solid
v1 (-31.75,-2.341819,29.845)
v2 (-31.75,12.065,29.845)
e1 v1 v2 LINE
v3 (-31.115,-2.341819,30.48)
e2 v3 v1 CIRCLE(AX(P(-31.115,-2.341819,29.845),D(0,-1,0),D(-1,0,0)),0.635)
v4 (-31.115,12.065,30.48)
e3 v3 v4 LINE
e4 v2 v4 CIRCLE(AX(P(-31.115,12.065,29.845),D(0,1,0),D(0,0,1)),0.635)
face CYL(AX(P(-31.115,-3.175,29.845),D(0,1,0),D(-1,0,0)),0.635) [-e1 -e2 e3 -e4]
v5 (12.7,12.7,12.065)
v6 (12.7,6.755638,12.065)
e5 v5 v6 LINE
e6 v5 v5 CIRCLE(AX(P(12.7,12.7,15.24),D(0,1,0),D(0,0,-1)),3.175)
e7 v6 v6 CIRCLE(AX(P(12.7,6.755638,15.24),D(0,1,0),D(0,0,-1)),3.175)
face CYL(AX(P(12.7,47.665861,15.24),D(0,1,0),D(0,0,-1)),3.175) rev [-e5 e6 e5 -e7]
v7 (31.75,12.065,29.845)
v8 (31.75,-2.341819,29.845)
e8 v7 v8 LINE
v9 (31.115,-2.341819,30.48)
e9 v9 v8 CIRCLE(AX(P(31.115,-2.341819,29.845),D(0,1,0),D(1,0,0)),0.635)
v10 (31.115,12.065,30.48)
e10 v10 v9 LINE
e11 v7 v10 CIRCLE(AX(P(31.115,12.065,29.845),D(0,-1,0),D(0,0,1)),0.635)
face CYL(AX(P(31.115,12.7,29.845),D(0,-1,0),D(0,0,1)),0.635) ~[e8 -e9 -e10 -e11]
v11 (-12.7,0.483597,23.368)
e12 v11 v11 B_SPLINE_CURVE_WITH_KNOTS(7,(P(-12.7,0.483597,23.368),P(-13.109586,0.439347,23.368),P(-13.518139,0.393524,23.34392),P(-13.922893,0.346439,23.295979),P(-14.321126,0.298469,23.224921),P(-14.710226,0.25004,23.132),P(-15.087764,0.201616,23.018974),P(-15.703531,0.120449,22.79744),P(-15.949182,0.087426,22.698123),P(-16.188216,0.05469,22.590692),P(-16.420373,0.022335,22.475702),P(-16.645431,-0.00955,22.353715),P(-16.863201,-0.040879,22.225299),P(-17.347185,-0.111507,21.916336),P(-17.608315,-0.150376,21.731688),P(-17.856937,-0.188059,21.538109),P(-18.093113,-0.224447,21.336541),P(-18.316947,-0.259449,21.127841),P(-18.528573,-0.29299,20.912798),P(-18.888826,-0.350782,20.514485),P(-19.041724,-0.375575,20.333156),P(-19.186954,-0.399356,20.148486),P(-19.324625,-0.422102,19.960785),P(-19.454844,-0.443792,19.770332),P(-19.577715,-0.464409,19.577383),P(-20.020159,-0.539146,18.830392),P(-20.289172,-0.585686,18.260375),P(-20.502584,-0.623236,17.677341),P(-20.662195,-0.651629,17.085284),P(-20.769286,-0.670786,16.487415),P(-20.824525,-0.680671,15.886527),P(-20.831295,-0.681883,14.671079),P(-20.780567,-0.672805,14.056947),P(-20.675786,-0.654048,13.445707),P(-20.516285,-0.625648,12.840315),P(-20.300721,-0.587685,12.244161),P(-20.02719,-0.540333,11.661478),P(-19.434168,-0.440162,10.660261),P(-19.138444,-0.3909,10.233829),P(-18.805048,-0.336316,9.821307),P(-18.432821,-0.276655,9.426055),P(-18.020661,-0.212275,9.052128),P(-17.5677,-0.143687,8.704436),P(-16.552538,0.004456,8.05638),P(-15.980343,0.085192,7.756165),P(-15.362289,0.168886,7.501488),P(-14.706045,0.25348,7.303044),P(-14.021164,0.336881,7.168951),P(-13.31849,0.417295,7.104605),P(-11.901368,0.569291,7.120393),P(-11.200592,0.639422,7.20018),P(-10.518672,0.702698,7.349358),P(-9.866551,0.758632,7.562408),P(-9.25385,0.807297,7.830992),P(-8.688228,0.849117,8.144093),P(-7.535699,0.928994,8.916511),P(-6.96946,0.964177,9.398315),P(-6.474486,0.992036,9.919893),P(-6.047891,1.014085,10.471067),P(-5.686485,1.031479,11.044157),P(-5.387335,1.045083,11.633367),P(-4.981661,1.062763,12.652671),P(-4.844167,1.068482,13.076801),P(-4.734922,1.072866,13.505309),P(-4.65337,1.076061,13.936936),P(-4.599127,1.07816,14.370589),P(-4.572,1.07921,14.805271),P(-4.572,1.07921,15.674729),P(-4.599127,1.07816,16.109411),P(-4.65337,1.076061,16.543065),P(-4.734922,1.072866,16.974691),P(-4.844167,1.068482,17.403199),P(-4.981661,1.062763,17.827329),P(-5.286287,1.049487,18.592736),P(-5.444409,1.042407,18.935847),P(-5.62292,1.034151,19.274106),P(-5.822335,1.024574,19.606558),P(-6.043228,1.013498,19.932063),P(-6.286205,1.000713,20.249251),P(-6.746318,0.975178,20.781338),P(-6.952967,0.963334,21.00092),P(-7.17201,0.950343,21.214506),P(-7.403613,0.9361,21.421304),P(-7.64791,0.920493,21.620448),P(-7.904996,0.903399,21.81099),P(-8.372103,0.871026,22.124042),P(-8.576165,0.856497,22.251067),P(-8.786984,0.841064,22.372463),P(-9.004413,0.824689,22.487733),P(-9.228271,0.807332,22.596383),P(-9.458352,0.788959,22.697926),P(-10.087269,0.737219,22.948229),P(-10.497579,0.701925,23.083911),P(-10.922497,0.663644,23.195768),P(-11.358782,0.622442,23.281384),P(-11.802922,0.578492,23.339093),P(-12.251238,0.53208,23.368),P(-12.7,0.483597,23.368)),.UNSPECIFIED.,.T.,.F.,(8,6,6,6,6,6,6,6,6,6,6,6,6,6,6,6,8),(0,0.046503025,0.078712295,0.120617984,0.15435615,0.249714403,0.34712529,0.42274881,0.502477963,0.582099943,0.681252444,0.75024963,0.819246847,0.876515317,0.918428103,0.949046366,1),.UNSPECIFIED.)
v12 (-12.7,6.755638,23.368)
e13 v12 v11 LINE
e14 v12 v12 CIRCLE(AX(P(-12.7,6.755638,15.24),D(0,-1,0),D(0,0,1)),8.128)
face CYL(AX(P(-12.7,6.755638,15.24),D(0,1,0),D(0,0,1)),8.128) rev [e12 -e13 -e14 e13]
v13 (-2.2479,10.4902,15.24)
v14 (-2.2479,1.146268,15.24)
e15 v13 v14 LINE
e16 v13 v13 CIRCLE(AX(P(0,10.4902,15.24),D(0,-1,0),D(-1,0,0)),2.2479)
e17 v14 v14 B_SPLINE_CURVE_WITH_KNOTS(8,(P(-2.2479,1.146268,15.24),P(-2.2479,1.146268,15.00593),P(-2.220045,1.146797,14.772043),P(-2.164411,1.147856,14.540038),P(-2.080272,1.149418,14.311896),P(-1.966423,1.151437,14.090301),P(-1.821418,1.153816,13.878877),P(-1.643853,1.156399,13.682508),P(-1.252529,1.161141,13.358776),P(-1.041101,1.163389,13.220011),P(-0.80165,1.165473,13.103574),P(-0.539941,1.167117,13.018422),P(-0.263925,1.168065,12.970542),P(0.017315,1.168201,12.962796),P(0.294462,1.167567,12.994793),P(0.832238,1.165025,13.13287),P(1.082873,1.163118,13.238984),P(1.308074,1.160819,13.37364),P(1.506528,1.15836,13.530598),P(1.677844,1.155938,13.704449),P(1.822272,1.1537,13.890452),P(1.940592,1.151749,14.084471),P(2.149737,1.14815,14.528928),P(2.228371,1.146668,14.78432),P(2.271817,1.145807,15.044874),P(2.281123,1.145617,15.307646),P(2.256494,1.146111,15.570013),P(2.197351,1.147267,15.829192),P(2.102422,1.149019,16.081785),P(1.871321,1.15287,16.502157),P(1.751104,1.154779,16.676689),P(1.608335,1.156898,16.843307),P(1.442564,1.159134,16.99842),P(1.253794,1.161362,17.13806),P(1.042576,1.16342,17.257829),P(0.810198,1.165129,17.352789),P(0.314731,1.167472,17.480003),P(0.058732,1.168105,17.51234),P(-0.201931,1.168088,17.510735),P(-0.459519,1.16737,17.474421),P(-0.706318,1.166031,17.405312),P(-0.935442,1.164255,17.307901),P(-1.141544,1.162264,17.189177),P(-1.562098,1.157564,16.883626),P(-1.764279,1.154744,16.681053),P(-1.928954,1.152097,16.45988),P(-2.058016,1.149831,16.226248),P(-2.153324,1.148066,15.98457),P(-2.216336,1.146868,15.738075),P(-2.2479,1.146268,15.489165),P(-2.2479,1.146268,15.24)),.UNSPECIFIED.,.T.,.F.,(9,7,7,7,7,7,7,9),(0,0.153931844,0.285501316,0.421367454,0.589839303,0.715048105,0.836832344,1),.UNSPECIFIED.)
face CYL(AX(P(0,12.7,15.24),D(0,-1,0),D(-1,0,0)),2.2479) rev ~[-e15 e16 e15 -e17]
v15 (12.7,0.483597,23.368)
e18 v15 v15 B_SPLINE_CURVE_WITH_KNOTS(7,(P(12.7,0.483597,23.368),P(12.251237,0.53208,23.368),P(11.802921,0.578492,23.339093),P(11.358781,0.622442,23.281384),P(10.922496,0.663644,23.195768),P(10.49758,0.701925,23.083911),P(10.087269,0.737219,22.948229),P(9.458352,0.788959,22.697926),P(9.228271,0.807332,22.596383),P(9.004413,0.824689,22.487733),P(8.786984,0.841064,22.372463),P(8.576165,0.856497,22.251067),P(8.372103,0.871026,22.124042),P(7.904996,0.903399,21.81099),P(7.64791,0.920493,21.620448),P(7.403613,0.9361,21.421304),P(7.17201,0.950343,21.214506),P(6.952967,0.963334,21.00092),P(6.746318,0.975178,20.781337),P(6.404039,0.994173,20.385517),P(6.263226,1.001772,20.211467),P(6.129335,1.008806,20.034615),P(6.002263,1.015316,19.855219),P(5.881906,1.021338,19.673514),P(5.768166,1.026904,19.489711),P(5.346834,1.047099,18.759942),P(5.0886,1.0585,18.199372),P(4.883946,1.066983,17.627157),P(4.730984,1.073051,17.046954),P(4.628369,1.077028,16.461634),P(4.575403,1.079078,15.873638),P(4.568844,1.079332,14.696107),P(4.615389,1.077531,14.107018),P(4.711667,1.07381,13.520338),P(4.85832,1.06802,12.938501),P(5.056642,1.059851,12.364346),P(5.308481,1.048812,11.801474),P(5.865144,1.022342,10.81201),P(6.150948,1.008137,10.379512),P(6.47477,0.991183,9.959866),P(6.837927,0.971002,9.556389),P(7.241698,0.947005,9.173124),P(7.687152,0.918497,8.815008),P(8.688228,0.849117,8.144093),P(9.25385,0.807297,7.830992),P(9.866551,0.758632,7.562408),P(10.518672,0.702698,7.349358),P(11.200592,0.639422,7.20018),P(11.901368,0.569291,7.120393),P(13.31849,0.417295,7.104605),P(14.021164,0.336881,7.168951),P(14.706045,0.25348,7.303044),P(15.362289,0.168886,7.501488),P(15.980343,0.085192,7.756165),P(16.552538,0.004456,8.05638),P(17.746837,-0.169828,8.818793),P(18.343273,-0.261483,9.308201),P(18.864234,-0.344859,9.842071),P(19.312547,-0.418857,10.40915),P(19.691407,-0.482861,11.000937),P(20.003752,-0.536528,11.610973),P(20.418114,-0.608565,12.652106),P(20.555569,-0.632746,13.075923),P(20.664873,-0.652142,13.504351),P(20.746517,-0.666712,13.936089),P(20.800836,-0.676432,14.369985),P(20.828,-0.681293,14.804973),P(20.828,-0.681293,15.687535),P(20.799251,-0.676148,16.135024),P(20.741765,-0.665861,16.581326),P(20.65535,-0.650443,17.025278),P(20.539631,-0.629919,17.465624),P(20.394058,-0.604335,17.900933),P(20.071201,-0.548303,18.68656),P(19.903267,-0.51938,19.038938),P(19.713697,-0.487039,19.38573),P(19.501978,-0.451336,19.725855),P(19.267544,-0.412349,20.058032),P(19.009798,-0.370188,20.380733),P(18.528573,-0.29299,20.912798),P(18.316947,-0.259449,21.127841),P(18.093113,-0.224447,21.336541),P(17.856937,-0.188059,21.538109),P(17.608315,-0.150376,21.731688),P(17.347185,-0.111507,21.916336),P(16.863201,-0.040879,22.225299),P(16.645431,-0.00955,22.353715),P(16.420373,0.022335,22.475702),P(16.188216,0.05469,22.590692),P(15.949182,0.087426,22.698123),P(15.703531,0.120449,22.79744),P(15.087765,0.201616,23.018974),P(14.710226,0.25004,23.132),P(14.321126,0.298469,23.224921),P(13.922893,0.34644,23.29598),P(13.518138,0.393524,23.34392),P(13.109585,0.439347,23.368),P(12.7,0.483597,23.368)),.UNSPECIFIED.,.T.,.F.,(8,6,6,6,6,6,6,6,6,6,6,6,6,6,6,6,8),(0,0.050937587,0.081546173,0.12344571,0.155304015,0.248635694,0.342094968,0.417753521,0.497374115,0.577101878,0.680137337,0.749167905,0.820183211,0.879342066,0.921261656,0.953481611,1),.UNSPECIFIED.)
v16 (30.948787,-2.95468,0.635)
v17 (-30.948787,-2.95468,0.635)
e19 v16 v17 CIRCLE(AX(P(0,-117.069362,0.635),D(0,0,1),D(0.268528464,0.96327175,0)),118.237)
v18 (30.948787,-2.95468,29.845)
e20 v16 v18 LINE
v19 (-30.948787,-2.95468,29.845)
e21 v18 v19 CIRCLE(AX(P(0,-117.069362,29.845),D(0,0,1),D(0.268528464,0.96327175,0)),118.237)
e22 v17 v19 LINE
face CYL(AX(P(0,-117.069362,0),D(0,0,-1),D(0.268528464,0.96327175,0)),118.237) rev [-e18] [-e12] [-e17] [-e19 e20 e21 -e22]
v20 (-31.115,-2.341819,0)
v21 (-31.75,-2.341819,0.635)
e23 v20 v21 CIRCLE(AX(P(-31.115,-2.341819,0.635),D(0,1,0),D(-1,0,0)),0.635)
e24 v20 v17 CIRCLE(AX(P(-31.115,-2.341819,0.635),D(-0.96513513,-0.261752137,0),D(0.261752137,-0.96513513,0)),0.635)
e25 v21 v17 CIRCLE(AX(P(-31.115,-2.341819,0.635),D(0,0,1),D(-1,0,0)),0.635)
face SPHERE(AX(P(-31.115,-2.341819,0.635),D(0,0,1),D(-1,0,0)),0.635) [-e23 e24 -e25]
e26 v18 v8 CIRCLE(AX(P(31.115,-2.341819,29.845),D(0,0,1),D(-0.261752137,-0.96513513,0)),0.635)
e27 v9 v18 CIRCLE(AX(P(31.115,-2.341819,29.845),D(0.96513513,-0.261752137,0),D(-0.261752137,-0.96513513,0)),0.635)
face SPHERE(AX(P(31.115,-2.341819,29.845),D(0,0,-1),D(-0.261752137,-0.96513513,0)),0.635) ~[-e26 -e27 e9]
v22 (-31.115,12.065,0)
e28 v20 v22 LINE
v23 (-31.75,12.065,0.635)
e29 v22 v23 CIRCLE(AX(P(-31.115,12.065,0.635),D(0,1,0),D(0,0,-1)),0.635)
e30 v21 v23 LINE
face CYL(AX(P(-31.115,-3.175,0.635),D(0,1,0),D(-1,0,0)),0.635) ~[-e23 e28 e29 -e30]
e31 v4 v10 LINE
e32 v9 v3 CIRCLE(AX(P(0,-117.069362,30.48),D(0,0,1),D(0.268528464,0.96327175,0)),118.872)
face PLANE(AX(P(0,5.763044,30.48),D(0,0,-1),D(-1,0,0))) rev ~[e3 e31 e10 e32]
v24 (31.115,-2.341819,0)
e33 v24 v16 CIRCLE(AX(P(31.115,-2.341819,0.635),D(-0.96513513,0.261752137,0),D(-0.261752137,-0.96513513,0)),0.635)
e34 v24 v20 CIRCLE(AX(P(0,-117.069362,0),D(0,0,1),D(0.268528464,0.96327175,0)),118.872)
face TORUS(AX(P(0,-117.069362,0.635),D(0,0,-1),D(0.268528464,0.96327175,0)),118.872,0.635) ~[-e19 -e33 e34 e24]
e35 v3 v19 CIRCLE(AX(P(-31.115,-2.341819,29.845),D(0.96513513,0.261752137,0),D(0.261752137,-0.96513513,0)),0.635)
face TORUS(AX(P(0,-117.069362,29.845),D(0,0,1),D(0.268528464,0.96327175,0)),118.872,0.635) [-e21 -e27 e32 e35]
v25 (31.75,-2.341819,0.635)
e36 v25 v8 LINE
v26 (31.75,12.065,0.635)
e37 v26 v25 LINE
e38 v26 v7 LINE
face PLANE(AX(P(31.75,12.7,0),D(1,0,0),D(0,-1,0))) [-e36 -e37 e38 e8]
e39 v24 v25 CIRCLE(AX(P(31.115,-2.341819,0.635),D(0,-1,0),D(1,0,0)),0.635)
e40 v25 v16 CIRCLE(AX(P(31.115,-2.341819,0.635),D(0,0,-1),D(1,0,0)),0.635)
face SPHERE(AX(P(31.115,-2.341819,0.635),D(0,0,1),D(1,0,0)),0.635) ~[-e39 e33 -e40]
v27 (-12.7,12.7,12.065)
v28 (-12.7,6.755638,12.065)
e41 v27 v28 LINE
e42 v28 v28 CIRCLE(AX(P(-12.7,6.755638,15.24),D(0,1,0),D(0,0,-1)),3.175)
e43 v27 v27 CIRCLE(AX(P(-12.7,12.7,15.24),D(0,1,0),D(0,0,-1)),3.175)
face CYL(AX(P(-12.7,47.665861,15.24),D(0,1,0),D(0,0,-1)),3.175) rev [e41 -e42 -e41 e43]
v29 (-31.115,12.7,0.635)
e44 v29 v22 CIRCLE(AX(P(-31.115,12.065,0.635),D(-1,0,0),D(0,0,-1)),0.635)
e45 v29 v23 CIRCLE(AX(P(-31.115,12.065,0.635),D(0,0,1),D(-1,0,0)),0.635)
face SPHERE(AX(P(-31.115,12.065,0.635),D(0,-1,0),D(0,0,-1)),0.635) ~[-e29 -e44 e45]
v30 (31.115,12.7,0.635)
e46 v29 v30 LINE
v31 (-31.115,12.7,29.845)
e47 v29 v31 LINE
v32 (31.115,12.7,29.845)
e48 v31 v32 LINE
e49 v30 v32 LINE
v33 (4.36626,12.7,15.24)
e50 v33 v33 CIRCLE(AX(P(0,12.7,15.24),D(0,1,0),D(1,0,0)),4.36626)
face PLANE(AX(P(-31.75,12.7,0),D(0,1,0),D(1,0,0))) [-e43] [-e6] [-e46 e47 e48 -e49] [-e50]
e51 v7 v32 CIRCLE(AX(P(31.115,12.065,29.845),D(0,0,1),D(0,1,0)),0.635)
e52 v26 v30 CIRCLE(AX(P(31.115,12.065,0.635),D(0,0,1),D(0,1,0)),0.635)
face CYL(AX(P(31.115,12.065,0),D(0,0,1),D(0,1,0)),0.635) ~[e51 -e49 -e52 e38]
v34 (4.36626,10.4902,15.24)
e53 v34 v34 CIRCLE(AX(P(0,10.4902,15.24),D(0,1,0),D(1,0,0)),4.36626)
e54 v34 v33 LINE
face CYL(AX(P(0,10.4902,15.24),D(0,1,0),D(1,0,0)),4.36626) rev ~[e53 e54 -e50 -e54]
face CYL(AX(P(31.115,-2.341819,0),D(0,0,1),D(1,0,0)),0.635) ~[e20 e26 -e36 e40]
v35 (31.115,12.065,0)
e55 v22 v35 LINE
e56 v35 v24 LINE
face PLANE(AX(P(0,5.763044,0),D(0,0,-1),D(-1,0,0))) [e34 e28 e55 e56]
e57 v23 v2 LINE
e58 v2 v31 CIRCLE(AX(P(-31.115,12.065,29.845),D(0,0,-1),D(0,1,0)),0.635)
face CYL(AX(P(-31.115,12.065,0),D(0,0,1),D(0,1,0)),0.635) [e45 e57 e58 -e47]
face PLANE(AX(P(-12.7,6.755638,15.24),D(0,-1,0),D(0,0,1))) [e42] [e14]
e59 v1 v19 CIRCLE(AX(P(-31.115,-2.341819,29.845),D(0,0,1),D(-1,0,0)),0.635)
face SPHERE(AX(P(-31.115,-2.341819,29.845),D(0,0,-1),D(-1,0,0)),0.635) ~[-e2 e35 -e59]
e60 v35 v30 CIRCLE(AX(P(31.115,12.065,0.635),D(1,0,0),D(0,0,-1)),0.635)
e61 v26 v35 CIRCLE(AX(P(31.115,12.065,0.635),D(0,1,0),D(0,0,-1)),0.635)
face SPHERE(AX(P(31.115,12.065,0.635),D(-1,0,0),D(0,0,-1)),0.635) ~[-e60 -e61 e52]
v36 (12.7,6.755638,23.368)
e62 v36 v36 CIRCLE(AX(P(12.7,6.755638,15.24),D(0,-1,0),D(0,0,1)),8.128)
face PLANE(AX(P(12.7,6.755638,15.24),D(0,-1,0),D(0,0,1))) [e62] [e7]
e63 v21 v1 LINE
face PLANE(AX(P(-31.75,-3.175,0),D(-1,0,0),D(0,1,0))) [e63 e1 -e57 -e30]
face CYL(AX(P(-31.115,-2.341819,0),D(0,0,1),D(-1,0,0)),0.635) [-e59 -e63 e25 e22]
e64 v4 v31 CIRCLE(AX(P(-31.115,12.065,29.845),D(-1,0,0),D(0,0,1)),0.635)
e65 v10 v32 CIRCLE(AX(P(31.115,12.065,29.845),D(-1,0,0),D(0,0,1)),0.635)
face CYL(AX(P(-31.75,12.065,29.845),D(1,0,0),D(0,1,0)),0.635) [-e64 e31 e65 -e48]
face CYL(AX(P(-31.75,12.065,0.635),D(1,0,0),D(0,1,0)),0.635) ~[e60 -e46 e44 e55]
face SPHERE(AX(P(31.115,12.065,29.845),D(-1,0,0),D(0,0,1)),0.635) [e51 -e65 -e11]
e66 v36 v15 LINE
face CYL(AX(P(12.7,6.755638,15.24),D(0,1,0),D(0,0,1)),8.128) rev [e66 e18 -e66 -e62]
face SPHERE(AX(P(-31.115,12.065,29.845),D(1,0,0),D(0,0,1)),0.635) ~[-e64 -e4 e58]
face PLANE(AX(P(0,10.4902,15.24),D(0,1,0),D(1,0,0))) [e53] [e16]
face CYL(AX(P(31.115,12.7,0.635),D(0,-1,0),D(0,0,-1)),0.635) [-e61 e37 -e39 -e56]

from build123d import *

# Parameters (mm, degrees)
BOSS_EXTRUDE1_DEPTH                            = 30.48
CBORE_FOR_8_BUTTON_HEAD_CAP_SCREW1_D           = 4.4958
CBORE_FOR_8_BUTTON_HEAD_CAP_SCREW1_CBORE_D     = 8.73252
CBORE_FOR_8_BUTTON_HEAD_CAP_SCREW1_CBORE_DEPTH = 2.2098
CUT_EXTRUDE1_DEPTH                             = 46.498222856
CUT_EXTRUDE1_DEPTH_BACK                        = 46.498222856
SKETCH6_R                                      = 3.175
CUT_EXTRUDE2_DEPTH                             = 46.498222856
CUT_EXTRUDE2_DEPTH_BACK                        = 5.588
SKETCH7_R                                      = 8.128
FILLET1_R                                      = 0.635


with BuildPart() as part:
    # Sketch1 → Boss-Extrude1 (new body)
    with BuildSketch(Plane.XY):
        with BuildLine():
            Line((-31.75, 12.7), (31.75, 12.7))
            Line((31.75, 12.7), (31.75, -3.175))
            ThreePointArc((31.75, -3.175), (0, 1.167638116), (-31.75, -3.175))
            Line((-31.75, -3.175), (-31.75, 12.7))
        make_face()
    extrude(amount=BOSS_EXTRUDE1_DEPTH)

    # CBORE for #8 Button Head Cap Screw1 (through all)
    with Locations(Plane(origin=(0, 12.7, 0), x_dir=(1, 0, 0), z_dir=(0, 1, 0))):
        with Locations((0, -15.24)):
            CounterBoreHole(CBORE_FOR_8_BUTTON_HEAD_CAP_SCREW1_D / 2, CBORE_FOR_8_BUTTON_HEAD_CAP_SCREW1_CBORE_D / 2, CBORE_FOR_8_BUTTON_HEAD_CAP_SCREW1_CBORE_DEPTH)

    # Sketch6 → Cut-Extrude1 (cut, two sides: drawn at the far end of the back side and taken through both)
    with BuildSketch(Plane(origin=(0, 1.167638116, 0), x_dir=(-1, 0, 0), z_dir=(0, -1, 0)).offset(-CUT_EXTRUDE1_DEPTH_BACK)):
        with Locations(Location((12.7, -15.24, 0), (0, 0, 90))):
            Circle(SKETCH6_R)
        with Locations(Location((-12.7, -15.24, 0), (0, 0, 90))):
            Circle(SKETCH6_R)
    extrude(amount=CUT_EXTRUDE1_DEPTH + CUT_EXTRUDE1_DEPTH_BACK, mode=Mode.SUBTRACT)

    # Sketch7 → Cut-Extrude2 (cut, two sides: drawn at the far end of the back side and taken through both)
    with BuildSketch(Plane(origin=(0, 1.167638116, 0), x_dir=(-1, 0, 0), z_dir=(0, -1, 0)).offset(-CUT_EXTRUDE2_DEPTH_BACK)):
        with Locations(Location((12.7, -15.24, 0), (0, 0, 270))):
            Circle(SKETCH7_R)
        with Locations(Location((-12.7, -15.24, 0), (0, 0, 270))):
            Circle(SKETCH7_R)
    extrude(amount=CUT_EXTRUDE2_DEPTH + CUT_EXTRUDE2_DEPTH_BACK, mode=Mode.SUBTRACT)

    # Fillet1
    fillet1_edges = [part.edges().sort_by_distance(p)[0] for p in [
        (0, 12.7, 30.48),
        (-31.75, 4.7625, 30.48),
        (0, 1.167638116, 30.48),
        (-31.75, 4.7625, 0),
        (0, 12.7, 0),
        (31.75, 4.7625, 0),
        (0, 1.167638116, 0),
        (31.75, 4.7625, 30.48),
        (-31.75, -3.175, 15.24),
        (-31.75, 12.7, 15.24),
        (31.75, 12.7, 15.24),
        (31.75, -3.175, 15.24),
    ]]
    fillet(fillet1_edges, radius=FILLET1_R)


solid = part.part
